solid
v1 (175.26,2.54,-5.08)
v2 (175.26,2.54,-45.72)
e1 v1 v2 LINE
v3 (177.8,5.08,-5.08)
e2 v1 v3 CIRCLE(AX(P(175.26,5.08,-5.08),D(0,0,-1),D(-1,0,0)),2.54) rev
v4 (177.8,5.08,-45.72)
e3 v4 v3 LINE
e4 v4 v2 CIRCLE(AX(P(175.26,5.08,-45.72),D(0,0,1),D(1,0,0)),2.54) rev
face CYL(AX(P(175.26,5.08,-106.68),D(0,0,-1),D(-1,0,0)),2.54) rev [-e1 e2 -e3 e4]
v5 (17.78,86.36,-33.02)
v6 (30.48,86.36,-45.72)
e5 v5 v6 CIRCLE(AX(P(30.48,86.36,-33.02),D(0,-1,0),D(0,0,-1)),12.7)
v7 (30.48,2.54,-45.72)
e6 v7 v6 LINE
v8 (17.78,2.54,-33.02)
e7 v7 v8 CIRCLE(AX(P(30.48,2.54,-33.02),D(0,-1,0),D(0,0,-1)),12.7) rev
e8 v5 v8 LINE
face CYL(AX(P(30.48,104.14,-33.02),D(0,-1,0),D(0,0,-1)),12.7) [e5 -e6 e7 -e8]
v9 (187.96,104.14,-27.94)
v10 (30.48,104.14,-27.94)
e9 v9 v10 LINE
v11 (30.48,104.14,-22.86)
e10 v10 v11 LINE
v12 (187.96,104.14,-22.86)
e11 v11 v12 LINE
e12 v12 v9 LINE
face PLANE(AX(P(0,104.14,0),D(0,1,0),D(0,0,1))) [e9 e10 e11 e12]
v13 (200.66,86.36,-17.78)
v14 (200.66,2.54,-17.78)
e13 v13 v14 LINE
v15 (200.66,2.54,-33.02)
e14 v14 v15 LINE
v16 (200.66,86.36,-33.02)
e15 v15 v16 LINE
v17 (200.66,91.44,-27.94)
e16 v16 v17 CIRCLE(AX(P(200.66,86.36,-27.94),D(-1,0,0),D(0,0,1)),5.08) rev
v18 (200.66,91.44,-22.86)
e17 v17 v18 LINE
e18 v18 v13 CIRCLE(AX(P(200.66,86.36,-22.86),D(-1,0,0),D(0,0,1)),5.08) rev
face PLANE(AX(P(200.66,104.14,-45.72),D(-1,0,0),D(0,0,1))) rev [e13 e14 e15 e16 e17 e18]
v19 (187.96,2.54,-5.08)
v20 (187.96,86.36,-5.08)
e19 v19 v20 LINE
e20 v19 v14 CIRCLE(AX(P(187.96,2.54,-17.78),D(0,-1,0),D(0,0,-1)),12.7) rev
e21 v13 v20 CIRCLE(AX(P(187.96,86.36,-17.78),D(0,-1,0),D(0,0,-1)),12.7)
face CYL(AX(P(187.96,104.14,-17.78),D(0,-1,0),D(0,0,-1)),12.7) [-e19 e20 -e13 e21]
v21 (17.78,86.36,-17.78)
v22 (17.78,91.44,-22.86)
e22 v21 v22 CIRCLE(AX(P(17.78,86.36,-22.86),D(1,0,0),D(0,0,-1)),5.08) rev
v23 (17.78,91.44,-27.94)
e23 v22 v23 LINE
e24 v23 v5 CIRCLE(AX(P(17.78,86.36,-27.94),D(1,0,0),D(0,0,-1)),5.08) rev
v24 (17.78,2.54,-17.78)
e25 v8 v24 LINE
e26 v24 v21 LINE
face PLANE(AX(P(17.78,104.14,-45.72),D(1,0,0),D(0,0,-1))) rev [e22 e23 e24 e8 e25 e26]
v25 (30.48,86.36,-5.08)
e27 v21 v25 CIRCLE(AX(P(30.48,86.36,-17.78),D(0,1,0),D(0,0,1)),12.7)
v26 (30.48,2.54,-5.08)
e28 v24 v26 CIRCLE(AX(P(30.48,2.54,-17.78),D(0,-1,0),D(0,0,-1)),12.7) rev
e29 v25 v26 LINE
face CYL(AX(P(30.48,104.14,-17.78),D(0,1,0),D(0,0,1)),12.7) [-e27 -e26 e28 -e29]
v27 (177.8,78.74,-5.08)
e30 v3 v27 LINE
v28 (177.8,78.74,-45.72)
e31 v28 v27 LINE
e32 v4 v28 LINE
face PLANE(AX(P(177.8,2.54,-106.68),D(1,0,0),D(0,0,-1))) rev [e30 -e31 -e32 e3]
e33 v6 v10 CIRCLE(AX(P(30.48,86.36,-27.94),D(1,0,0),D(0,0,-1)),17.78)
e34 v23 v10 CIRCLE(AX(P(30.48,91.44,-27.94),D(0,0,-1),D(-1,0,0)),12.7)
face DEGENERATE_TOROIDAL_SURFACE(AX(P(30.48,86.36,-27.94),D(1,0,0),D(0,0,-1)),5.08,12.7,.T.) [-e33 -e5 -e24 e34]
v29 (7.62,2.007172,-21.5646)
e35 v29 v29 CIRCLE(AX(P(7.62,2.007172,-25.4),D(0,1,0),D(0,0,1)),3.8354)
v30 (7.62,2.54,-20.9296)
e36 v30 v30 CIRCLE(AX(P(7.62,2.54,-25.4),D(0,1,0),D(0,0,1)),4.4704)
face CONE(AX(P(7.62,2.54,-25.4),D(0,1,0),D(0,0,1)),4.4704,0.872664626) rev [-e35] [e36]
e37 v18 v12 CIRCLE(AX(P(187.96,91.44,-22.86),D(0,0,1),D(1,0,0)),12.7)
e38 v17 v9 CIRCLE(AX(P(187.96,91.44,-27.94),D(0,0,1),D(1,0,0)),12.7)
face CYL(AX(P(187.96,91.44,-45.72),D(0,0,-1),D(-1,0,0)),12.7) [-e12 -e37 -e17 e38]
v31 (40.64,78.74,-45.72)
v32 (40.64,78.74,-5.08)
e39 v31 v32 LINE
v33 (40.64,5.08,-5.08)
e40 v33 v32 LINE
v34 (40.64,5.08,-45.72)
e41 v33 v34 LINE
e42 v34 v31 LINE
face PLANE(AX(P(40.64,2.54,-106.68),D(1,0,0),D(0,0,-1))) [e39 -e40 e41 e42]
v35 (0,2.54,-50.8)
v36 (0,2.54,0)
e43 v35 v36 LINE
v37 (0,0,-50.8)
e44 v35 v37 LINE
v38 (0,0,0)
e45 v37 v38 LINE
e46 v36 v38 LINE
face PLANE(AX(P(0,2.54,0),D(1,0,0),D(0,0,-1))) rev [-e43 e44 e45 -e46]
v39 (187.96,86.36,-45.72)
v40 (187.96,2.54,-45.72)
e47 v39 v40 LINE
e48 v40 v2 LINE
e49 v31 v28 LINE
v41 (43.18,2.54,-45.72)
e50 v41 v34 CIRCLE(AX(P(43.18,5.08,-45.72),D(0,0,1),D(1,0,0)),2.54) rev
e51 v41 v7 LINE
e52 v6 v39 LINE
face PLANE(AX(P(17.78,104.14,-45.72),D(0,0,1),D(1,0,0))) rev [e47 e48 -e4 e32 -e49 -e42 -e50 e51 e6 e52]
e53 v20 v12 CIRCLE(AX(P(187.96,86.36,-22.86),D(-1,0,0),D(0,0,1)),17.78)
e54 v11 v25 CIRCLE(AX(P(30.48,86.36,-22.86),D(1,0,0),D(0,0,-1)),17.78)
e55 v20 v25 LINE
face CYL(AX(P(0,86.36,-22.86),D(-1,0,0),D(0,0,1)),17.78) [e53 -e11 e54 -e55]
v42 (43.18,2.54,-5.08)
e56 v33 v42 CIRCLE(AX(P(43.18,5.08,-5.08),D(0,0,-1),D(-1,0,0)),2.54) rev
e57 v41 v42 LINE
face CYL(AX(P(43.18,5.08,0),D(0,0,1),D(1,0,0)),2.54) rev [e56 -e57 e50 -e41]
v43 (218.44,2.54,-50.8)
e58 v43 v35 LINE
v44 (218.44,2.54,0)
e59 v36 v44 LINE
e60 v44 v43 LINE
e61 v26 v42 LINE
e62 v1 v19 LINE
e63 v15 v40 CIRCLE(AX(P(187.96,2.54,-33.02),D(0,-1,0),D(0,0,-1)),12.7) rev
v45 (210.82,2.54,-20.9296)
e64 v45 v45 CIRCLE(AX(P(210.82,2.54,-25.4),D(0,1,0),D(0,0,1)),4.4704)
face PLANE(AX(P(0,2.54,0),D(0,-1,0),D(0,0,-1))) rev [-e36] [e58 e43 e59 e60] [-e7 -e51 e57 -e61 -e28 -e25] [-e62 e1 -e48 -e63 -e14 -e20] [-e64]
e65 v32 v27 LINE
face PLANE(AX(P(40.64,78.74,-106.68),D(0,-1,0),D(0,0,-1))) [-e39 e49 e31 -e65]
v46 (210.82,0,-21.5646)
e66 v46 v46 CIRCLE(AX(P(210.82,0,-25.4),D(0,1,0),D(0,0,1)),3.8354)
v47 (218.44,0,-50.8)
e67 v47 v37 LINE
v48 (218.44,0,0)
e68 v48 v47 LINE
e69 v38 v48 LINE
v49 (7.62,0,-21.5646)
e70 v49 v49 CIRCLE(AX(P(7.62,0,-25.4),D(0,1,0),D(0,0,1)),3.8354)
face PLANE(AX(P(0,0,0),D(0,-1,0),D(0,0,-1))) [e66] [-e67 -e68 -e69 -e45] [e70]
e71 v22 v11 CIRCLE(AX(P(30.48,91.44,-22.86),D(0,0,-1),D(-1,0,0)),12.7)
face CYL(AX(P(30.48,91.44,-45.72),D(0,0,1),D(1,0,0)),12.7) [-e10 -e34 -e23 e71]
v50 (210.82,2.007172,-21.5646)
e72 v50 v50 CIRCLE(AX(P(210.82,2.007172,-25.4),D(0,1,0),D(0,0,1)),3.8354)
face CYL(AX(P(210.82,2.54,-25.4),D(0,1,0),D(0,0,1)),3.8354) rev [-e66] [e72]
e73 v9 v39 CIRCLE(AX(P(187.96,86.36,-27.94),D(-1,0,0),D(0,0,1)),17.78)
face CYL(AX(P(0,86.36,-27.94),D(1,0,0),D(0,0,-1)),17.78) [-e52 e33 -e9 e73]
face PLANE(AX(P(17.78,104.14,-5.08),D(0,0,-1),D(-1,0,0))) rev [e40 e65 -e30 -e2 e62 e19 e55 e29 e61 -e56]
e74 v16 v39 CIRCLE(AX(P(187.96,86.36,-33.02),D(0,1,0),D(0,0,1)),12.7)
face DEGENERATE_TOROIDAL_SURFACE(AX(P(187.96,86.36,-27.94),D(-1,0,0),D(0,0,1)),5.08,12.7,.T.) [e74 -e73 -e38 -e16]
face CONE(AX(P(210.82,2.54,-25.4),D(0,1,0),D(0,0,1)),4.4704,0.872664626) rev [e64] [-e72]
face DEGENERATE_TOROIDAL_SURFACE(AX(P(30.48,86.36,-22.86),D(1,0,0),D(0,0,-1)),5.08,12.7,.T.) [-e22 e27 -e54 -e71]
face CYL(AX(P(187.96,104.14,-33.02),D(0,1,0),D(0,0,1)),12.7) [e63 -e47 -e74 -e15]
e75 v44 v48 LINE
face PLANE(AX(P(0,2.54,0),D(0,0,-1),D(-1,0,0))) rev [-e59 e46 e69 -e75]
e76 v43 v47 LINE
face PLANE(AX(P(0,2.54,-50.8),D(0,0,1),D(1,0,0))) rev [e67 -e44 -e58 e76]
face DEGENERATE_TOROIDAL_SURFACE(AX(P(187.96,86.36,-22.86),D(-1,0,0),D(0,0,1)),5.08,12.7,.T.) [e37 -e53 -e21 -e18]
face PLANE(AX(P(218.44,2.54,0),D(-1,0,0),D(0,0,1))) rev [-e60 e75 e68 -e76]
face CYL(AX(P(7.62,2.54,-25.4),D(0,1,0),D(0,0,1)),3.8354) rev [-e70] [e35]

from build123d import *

# Parameters (mm, degrees)
SKETCH2_W                         = 218.44
SKETCH2_H                         = 50.8
SKETCH2_R                         = 3.81
BOSS_EXTRUDE1_DEPTH               = 2.54
SKETCH3_W                         = 182.88
SKETCH3_H                         = 40.64
BOSS_EXTRUDE2_DEPTH               = 101.6
SKETCH5_W                         = 137.16
SKETCH5_H                         = 76.2
CUT_EXTRUDE2_DEPTH                = 101.6
FILLET1_R                         = 17.78
FILLET2_R                         = 17.78
FILLET3_R                         = 12.7
FILLET4_R                         = 12.7
FILLET5_R                         = 2.54
FILLET6_R                         = 2.54
N_0_302_DIAMETER_HOLE1_AT_2_COUNT = 2
N_0_302_DIAMETER_HOLE1_AT_2_PITCH = 203.2


with BuildPart() as part:
    # Sketch2 → Boss-Extrude1 (new body)
    with BuildSketch(Plane(origin=(0, 0, 0), x_dir=(1, 0, 0), z_dir=(0, 1, 0))):
        with Locations((109.22, 25.4)):
            Rectangle(SKETCH2_W, SKETCH2_H)
        with Locations(Location((7.62, 25.4, 0), (0, 0, 270))):
            Circle(SKETCH2_R, mode=Mode.SUBTRACT)
        with Locations(Location((210.82, 25.4, 0), (0, 0, 90))):
            Circle(SKETCH2_R, mode=Mode.SUBTRACT)
    extrude(amount=BOSS_EXTRUDE1_DEPTH)

    # Sketch3 → Boss-Extrude2 (add)
    with BuildSketch(Plane(origin=(0, 2.54, 0), x_dir=(1, 0, 0), z_dir=(0, 1, 0))):
        with Locations((109.22, 25.4)):
            Rectangle(SKETCH3_W, SKETCH3_H)
    extrude(amount=BOSS_EXTRUDE2_DEPTH)

    # Sketch5 → Cut-Extrude2 (cut)
    with BuildSketch(Plane.XY.offset(-5.08)):
        with Locations((109.22, 40.64)):
            Rectangle(SKETCH5_W, SKETCH5_H)
    extrude(amount=-CUT_EXTRUDE2_DEPTH, mode=Mode.SUBTRACT)

    # Fillet1
    fillet1_edges = [part.edges().sort_by_distance(p)[0] for p in [
        (109.22, 104.14, -5.08),
    ]]
    fillet(fillet1_edges, radius=FILLET1_R)

    # Fillet2
    fillet2_edges = [part.edges().sort_by_distance(p)[0] for p in [
        (109.22, 104.14, -45.72),
    ]]
    fillet(fillet2_edges, radius=FILLET2_R)

    # Fillet3
    fillet3_edges = [part.edges().sort_by_distance(p)[0] for p in [
        (17.78, 44.45, -5.08),
        (17.78, 98.932358569, -10.287641431),
        (17.78, 104.14, -25.4),
        (17.78, 44.45, -45.72),
        (17.78, 98.932358569, -40.512358569),
    ]]
    fillet(fillet3_edges, radius=FILLET3_R)

    # Fillet4
    fillet4_edges = [part.edges().sort_by_distance(p)[0] for p in [
        (200.66, 104.14, -25.4),
        (200.66, 44.45, -5.08),
        (200.66, 98.932358569, -10.287641431),
        (200.66, 44.45, -45.72),
        (200.66, 98.932358569, -40.512358569),
    ]]
    fillet(fillet4_edges, radius=FILLET4_R)

    # Fillet5
    fillet5_edges = [part.edges().sort_by_distance(p)[0] for p in [
        (40.64, 2.54, -25.4),
    ]]
    fillet(fillet5_edges, radius=FILLET5_R)

    # Fillet6
    fillet6_edges = [part.edges().sort_by_distance(p)[0] for p in [
        (177.8, 2.54, -25.4),
    ]]
    fillet(fillet6_edges, radius=FILLET6_R)

    # Sketch7 → N (0.302) Diameter Hole1 (revolve, cut)
    with BuildSketch(Plane(origin=(210.82, 2.54, -25.4), x_dir=(0, 0, 1), z_dir=(1, 0, 0))):
        Polygon((0, 0), (0, 2.54), (3.8354, 2.54), (3.8354, 0.532828266), (4.4704, 0), align=None)
    n_0_302_diameter_hole1 = revolve(axis=Axis((210.82, 8.89, -25.4), (0, -1, 0)), mode=Mode.SUBTRACT)

    # N (0.302) Diameter Hole1 at 2: N (0.302) Diameter Hole1 ×2
    with Locations(*[(-i * N_0_302_DIAMETER_HOLE1_AT_2_PITCH, 0, 0) for i in range(1, N_0_302_DIAMETER_HOLE1_AT_2_COUNT)]):
        add(n_0_302_diameter_hole1, mode=Mode.SUBTRACT)


solid = part.part
